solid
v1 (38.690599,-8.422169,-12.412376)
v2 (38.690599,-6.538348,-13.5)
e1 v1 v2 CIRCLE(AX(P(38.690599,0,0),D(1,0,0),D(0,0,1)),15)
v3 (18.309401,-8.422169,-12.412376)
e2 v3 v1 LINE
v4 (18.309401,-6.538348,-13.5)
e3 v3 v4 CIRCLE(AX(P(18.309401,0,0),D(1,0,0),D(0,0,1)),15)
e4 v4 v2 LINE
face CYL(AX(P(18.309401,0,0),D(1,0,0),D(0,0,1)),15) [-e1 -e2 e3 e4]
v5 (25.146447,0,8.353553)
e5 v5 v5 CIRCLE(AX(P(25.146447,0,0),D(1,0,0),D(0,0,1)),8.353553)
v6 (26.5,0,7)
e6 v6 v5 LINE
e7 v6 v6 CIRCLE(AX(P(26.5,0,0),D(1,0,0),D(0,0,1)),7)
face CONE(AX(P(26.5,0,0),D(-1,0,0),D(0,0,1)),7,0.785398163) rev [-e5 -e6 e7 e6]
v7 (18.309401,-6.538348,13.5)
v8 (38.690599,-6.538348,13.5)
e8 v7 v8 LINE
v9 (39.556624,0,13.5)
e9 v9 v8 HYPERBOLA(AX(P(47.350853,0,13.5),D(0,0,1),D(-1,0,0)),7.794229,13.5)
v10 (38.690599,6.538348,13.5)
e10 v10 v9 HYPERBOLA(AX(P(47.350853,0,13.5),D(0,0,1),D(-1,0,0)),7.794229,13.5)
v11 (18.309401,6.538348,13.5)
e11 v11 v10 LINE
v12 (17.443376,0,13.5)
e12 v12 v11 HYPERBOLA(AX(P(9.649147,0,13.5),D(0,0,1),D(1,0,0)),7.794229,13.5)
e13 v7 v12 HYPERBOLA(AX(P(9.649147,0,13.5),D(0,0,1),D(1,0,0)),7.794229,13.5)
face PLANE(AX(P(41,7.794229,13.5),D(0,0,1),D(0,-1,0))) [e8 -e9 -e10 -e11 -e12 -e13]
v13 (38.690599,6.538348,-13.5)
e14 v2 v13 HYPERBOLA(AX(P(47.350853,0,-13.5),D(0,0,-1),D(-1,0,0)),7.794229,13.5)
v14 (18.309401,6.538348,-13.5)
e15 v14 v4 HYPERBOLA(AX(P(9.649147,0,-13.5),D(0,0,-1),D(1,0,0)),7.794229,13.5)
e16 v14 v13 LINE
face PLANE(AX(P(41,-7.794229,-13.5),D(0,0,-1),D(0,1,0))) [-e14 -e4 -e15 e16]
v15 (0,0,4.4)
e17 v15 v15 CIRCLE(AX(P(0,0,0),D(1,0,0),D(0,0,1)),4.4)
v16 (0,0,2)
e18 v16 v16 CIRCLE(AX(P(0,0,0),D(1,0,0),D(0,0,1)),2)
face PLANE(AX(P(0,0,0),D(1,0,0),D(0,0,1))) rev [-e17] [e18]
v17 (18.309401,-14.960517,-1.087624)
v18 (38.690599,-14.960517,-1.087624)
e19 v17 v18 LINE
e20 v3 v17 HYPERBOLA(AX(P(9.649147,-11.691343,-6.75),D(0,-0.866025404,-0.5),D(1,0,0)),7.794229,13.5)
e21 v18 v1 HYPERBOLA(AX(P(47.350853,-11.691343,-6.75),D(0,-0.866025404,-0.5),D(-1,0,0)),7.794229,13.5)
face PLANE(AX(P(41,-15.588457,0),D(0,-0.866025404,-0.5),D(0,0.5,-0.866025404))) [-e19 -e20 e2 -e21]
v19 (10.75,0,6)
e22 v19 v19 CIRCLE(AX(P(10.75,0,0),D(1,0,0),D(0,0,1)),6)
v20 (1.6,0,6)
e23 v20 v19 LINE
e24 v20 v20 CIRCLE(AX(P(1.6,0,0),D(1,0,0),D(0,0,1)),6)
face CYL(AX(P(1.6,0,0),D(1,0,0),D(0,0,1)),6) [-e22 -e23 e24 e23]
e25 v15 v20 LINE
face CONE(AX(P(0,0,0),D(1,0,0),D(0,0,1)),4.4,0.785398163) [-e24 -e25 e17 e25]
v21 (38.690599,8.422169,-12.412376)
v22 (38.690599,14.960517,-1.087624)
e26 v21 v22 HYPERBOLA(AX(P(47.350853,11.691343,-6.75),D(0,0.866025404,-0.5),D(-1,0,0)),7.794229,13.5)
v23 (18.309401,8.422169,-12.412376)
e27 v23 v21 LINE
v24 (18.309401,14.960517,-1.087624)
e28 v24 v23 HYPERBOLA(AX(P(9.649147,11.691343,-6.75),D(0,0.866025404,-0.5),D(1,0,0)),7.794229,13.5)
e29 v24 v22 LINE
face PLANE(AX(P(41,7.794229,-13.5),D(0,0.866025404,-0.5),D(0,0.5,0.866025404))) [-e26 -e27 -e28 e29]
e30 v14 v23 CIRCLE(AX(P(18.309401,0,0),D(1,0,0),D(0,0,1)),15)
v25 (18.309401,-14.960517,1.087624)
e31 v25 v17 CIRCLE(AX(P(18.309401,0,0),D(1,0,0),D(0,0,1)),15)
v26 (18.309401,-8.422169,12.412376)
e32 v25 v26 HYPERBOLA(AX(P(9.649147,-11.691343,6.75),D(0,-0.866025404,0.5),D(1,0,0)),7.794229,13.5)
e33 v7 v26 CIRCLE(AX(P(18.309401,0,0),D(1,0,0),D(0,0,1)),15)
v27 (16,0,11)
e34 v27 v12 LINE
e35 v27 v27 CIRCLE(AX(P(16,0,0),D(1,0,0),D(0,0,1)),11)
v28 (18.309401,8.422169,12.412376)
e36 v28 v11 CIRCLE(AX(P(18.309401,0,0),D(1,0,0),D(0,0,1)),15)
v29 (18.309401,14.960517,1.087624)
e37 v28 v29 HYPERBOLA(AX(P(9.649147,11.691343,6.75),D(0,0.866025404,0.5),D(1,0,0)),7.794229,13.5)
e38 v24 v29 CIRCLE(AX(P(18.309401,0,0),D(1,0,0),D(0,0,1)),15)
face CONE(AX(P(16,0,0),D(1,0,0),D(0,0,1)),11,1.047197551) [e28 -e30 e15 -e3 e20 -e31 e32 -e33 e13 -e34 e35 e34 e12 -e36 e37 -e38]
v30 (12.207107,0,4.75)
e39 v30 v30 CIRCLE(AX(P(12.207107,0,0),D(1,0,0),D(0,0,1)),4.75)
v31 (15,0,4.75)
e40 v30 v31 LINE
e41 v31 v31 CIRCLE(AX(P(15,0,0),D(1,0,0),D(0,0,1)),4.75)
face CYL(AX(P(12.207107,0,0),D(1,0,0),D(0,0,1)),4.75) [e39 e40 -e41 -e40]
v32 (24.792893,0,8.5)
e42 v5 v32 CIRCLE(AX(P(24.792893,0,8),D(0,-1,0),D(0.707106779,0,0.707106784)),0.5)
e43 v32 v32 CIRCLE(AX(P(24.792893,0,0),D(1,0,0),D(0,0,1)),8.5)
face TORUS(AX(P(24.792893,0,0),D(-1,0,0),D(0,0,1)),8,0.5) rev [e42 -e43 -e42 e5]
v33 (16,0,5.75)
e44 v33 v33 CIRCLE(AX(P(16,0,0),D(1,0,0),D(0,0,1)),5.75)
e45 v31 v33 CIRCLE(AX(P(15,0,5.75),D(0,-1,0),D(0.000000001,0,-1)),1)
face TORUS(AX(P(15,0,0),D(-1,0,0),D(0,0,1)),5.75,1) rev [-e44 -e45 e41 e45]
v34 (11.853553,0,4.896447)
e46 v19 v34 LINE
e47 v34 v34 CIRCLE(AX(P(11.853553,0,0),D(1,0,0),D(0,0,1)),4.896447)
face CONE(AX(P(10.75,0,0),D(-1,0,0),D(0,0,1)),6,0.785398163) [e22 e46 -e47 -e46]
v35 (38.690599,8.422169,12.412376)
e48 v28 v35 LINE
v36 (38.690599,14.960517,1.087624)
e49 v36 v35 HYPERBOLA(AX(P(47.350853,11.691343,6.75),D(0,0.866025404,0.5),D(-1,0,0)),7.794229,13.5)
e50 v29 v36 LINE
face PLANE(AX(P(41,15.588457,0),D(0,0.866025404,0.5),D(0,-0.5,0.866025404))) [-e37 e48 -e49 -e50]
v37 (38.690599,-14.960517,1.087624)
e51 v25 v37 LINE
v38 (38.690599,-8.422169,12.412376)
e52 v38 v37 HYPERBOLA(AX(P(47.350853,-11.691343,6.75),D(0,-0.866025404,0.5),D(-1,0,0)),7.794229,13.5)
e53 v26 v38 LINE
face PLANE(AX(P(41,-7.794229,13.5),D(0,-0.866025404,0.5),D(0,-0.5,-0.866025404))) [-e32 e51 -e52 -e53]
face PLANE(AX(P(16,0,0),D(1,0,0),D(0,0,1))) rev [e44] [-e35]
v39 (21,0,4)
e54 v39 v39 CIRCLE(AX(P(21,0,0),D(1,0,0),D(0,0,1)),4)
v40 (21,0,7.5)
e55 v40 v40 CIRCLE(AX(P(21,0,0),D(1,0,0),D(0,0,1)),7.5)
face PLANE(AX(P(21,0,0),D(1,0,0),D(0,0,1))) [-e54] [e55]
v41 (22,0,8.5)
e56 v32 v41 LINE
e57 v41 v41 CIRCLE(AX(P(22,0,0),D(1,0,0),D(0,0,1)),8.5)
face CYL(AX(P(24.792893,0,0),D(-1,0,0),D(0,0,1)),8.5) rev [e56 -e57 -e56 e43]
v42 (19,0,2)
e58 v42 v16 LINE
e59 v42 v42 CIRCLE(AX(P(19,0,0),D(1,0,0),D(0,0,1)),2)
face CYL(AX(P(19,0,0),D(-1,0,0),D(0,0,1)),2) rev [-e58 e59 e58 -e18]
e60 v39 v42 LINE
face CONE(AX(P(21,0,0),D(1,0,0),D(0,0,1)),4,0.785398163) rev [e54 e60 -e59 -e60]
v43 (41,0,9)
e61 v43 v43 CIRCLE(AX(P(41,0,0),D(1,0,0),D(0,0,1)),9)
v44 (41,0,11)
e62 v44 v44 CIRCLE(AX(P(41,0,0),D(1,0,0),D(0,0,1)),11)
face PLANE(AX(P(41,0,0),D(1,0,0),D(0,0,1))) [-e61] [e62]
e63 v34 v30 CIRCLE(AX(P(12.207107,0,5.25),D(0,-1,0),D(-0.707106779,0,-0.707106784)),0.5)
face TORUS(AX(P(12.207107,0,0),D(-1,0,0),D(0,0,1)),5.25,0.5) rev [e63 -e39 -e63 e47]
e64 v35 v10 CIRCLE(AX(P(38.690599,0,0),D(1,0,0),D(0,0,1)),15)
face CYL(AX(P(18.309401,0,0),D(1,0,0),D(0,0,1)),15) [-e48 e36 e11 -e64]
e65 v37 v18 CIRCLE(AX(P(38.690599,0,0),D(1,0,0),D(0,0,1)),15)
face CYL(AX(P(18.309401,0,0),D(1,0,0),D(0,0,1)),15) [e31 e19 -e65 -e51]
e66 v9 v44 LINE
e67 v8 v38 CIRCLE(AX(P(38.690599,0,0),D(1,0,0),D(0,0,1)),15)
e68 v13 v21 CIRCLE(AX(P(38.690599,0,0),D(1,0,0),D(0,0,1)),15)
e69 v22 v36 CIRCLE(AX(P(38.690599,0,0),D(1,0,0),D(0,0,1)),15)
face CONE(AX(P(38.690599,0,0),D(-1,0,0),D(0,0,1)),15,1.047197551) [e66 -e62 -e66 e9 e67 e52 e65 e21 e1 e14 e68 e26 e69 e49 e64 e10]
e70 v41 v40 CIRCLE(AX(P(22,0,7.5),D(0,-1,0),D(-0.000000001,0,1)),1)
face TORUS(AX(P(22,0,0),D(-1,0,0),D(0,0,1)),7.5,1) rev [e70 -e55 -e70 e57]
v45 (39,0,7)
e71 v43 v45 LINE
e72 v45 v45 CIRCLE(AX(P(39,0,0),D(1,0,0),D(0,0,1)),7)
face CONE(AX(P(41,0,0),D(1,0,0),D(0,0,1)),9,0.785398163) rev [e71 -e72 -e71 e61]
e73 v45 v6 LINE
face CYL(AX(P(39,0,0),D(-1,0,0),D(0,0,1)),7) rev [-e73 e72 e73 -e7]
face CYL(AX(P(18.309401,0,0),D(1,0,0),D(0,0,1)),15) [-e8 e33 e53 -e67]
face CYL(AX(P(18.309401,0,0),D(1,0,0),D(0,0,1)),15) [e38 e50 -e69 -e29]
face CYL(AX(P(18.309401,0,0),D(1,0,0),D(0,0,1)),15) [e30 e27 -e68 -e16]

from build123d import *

# Parameters (mm, degrees)
SKETCH_2_OUTSIDE_W  = 43.8
SKETCH_2_OUTSIDE_H  = 43.8
CUT_EXTRUDE_1_DEPTH = 47.16275555


with BuildPart() as part:
    # Эскиз1 → Повернуть1 (revolve)
    with BuildSketch(Plane.XY, mode=Mode.PRIVATE) as revolve_1_sk:
        with BuildLine():
            Line((0, 2), (0, 4.4))
            Line((0, 4.4), (1.6, 6))
            Line((1.6, 6), (10.75, 6))
            Line((10.75, 6), (11.853553391, 4.896446609))
            ThreePointArc((11.853553391, 4.896446609), (12.015765065, 4.788060234), (12.207106781, 4.75))
            Line((12.207106781, 4.75), (15, 4.75))
            ThreePointArc((15, 4.75), (15.707106781, 5.042893219), (16, 5.75))
            Line((16, 5.75), (16, 11))
            Line((16, 11), (18.309401077, 15))
            Line((18.309401077, 15), (38.690598923, 15))
            Line((38.690598923, 15), (41, 11))
            Line((41, 11), (41, 9))
            Line((41, 9), (39, 7))
            Line((39, 7), (26.5, 7))
            Line((26.5, 7), (25.146446609, 8.353553391))
            ThreePointArc((25.146446609, 8.353553391), (24.984234935, 8.461939766), (24.792893219, 8.5))
            Line((24.792893219, 8.5), (22, 8.5))
            ThreePointArc((22, 8.5), (21.292893219, 8.207106781), (21, 7.5))
            Line((21, 7.5), (21, 4))
            Line((21, 4), (19, 2))
            Line((19, 2), (0, 2))
        make_face()
    revolve(revolve_1_sk.sketch.rotate(Axis((0, 0, 0), (1, 0, 0)), 90), axis=Axis((0, 0, 0), (1, 0, 0)))

    # Эскиз2 outside → Вырез-Вытянуть1 (cut, through all)
    with BuildSketch(Plane(origin=(41, 0, 0), x_dir=(0, 0, -1), z_dir=(1, 0, 0))):
        Rectangle(SKETCH_2_OUTSIDE_W, SKETCH_2_OUTSIDE_H)
        Polygon((0, 15.588457268), (-13.5, 7.794228634), (-13.5, -7.794228634), (0, -15.588457268), (13.5, -7.794228634), (13.5, 7.794228634), align=None, mode=Mode.SUBTRACT)
    extrude(amount=-CUT_EXTRUDE_1_DEPTH, mode=Mode.SUBTRACT)


solid = part.part
